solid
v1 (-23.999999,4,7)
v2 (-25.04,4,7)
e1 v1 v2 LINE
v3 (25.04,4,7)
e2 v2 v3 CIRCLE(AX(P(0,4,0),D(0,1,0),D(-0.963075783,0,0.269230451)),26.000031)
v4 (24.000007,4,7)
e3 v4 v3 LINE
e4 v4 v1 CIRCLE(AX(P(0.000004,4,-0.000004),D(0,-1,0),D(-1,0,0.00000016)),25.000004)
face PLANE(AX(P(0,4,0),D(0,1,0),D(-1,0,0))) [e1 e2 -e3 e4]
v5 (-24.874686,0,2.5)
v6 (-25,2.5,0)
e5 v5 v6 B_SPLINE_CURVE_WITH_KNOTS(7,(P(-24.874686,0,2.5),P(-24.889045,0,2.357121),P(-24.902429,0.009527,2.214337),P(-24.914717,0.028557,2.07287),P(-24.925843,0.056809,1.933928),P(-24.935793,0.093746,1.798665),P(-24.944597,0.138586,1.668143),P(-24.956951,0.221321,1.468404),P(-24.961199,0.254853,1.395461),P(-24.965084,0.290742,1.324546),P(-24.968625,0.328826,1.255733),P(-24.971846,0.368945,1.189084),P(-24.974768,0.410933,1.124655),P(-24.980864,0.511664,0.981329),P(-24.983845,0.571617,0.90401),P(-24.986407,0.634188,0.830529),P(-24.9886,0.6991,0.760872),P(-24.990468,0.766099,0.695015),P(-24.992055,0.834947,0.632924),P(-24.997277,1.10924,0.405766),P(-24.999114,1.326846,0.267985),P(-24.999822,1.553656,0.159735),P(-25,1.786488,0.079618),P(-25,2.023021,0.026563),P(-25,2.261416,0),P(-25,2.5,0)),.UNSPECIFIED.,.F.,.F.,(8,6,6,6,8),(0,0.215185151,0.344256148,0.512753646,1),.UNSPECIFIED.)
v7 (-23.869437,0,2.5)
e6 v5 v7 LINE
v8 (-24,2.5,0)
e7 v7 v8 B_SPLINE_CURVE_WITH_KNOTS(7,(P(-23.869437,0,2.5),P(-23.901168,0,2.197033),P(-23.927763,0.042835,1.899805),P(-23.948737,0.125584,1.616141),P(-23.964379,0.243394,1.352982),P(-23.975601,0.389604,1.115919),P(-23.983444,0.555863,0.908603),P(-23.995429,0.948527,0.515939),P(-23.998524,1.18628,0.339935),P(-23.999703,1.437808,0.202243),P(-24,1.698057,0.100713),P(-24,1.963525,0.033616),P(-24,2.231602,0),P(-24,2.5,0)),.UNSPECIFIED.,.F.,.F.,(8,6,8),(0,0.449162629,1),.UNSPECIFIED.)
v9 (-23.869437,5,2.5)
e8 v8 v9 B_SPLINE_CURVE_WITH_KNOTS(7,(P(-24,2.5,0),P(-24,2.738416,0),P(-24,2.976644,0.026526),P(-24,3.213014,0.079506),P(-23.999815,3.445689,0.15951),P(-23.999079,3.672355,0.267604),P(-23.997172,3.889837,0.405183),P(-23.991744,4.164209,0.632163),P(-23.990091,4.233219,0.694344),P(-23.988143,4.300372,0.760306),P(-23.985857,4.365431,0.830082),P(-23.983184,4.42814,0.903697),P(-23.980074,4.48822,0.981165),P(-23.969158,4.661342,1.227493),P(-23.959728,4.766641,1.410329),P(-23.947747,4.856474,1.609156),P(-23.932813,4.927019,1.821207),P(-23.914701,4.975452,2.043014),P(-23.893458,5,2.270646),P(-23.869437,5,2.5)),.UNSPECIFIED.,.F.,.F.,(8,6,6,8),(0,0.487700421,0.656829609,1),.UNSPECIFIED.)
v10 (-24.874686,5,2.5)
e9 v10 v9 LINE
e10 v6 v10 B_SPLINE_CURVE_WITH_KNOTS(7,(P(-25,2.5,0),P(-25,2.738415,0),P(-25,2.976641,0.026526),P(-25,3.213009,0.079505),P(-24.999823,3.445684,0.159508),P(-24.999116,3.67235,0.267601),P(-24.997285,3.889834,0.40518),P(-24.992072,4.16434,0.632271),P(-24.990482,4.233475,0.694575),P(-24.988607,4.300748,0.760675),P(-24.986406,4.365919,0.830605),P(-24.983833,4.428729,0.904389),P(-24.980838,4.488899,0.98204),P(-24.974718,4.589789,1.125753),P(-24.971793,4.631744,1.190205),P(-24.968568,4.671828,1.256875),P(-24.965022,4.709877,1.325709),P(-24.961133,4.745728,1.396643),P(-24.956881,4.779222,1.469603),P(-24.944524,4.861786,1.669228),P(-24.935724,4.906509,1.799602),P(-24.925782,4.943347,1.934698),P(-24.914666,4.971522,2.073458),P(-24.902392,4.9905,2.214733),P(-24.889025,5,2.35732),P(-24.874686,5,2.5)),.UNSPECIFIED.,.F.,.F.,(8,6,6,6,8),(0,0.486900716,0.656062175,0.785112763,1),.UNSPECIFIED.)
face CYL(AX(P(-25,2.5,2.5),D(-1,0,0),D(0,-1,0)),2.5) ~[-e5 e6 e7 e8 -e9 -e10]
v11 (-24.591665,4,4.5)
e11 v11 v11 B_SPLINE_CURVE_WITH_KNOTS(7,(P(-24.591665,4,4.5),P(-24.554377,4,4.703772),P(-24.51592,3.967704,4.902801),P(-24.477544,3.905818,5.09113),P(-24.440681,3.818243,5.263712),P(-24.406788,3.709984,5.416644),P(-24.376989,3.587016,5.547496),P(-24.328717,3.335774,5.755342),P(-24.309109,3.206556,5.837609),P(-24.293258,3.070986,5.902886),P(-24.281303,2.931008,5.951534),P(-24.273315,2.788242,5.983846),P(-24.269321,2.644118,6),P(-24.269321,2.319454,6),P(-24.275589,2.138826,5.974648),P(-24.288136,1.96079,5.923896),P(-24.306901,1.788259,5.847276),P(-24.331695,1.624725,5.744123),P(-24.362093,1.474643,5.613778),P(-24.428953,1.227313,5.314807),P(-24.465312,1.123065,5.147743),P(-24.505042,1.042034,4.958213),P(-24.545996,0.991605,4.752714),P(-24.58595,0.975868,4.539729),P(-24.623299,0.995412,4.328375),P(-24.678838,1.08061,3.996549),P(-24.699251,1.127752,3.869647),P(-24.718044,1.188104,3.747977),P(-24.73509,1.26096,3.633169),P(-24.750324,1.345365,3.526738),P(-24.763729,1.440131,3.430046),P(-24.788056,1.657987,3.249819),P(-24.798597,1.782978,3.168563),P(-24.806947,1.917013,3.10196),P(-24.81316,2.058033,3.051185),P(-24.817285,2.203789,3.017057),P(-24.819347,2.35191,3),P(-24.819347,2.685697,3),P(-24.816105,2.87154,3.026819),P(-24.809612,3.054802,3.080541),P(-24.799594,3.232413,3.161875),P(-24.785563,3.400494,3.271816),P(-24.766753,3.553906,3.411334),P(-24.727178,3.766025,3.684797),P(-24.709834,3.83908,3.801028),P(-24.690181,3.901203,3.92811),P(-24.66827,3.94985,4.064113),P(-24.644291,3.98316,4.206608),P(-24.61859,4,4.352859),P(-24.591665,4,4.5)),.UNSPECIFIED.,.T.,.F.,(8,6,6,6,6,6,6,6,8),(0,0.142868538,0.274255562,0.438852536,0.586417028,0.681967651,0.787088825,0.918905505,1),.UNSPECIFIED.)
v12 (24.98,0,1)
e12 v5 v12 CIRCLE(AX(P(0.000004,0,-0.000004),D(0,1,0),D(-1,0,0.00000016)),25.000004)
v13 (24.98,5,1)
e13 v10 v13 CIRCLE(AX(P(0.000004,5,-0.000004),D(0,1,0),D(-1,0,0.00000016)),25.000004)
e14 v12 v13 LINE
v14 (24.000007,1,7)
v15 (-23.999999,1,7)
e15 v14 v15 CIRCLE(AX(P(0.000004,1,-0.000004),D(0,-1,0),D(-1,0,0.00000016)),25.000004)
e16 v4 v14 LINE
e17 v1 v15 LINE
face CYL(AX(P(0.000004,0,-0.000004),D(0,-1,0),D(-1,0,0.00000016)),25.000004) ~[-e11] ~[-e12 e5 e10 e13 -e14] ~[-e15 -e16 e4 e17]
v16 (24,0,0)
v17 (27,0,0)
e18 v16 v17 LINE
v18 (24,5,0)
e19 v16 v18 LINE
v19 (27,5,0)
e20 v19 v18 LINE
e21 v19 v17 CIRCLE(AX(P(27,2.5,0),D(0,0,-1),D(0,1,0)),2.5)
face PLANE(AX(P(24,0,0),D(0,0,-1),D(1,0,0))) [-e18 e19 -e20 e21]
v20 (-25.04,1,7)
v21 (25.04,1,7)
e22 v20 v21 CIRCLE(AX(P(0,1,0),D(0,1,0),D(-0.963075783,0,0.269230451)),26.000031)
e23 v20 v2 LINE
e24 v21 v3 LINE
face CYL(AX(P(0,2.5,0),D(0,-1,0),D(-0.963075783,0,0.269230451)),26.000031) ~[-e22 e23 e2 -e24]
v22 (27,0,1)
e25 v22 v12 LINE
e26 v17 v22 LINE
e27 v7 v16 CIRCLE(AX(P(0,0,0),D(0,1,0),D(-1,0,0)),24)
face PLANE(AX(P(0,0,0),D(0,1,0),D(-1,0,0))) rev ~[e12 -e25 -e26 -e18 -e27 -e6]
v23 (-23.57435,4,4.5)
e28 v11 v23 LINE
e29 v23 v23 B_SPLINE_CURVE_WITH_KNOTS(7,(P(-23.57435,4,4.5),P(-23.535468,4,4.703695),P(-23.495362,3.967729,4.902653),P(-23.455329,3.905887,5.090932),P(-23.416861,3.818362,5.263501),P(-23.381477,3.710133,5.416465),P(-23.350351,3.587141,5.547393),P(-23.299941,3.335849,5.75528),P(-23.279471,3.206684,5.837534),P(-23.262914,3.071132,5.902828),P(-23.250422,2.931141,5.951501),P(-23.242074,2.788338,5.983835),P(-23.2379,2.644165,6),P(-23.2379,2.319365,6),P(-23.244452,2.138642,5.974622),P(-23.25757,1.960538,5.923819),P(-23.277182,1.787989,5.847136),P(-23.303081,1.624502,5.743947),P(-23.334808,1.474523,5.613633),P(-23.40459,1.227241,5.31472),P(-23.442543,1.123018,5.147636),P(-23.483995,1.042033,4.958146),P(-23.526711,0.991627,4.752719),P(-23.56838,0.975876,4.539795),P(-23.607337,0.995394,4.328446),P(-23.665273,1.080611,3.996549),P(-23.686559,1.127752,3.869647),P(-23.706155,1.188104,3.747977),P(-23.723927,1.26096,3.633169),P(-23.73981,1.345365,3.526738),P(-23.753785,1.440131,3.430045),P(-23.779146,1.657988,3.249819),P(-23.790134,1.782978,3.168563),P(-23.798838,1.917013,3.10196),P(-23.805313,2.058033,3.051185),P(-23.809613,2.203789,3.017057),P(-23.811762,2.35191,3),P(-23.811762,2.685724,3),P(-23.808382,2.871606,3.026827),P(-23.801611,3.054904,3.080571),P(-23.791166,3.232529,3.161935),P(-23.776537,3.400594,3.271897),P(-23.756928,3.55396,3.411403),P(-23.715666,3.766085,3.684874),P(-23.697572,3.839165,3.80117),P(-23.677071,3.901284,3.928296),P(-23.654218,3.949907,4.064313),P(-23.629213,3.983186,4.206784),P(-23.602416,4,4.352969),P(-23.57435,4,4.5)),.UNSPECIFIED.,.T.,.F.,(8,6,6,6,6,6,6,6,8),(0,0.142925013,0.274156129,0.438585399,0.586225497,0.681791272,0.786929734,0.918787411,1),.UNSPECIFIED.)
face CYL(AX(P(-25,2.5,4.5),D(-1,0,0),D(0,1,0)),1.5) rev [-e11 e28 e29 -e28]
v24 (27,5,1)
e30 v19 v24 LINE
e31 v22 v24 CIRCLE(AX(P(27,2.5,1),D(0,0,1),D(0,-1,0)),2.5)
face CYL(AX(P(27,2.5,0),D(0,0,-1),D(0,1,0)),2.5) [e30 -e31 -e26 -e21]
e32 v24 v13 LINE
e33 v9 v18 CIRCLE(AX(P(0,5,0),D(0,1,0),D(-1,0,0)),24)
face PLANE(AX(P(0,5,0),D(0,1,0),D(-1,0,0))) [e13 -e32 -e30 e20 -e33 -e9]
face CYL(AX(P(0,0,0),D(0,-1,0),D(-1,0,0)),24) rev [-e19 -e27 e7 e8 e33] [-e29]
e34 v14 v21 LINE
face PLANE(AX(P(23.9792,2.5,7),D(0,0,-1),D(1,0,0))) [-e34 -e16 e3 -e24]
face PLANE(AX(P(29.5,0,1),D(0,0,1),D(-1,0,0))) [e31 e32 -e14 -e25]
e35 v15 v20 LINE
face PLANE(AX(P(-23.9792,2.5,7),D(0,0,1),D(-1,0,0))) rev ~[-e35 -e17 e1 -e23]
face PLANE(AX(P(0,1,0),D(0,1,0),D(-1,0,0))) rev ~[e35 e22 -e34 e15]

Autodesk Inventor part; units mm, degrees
ref_plane "XY Plane" through (0, 0, 0) normal (0, 0, 1) x (1, 0, 0)
sketch "Sketch1" plane through (0, 0, 0) normal (0, 1, 0) x (-1, 0, 0)
  arc A0 (25, 0) -> (-24.98, 1) centre (0, 0) ccw
  arc A1 (24, 0) -> (-24, 0) centre (0, 0) ccw
  line L0 (25, 0) -> (24, 0)
  line L1 (-24, 0) -> (-25, 0)
  line L2 (-24, 0) -> (-29.5, 0)
  line L3 (-29.5, 0) -> (-29.5, 1)
  line L4 (-29.5, 1) -> (-24.98, 1)
  line L5 (-24, 1) -> (-24, 0)
extrude "Extrusion1" add sketch "Sketch1" along normal blind 5
sketch "Sketch2" plane through (29.5, 0, 0) normal (0, 0, -1) x (-1, 0, 0)
  line L0 (0, 0) -> (5.5, 0) projected
  arc A0 (2.5, 5) -> (2.5, 0) centre (2.5, 2.5) ccw
  line L1 (0, 0) -> (2.5, 0)
  line L2 (4.52, 0) -> (0, 0) projected
  line L3 (0, 0) -> (0, 2.5)
  line L4 (0, 0) -> (0, 5) projected
  line L5 (0, 2.5) -> (0, 5)
  line L6 (0, 5) -> (2.26, 5)
  line L7 (4.52, 5) -> (0, 5) projected
  line L8 (2.5, 5) -> (0, 5)
  line L9 (0, 2.5) -> (0, 5)
  line L10 (0, 2.5) -> (0, 0)
  line L11 (0, 0) -> (2.5, 0)
  arc A1 (0, 2.5) -> (2.5, 0) centre (2.5, 2.5) ccw
  arc A2 (2.5, 5) -> (0, 2.5) centre (2.5, 2.5) ccw
  point P0 (29.5, 0)
extrude "Extrusion2" cut sketch "Sketch2" against normal through all
ref_plane "Work Plane1" through (-25, 0, 0) normal (1, 0, 0) x (0, 1, 0)
sketch "Sketch3" plane through (-25, 0, 0) normal (1, 0, 0) x (0, 1, 0)
  line L0 (5, 0) -> (5, 25) construction
  line L1 (0, 0) -> (0, 2) construction
  line L2 (0, 0) -> (0, 25) construction
  line L3 (0, 0) -> (0, 2.5) construction
  arc A0 (0, 2.5) -> (5, 2.5) centre (2.5, 2.5) ccw
  line L4 (0, 0) -> (0, 2.5)
  line L5 (0, 0) -> (5, 0) projected
  line L6 (0, 0) -> (2.5, 0)
  line L7 (2.5, 0) -> (5, 0)
  line L8 (5, 0) -> (5, 2.5)
  arc A1 (0, 2.5) -> (2.5, 0) centre (2.5, 2.5) ccw
  arc A2 (2.5, 0) -> (5, 2.5) centre (2.5, 2.5) ccw
  point P0 (0, 1)
  point P1 (5, 1)
extrude "Extrusion3" cut sketch "Sketch3" along normal blind 3
sketch "Sketch4" plane through (-25, 0, 0) normal (1, 0, 0) x (0, 1, 0)
  line L0 (0, 0) -> (0, 4.5) construction
  line L1 (0, 24) -> (0, 0) construction
  line L2 (0, 4.5) -> (5, 4.5) construction
  line L3 (5, 24) -> (5, 0) construction
  circle A0 centre (2.5, 4.5) radius 1.5
  point P0 (0, 2.5)
  point P1 (5, 2.5)
  dimension "d15" = 4.5
  dimension "d16" = 3
extrude "Extrusion4" cut sketch "Sketch4" along normal blind 4
ref_plane "Work Plane2" through (0, 2.5, 0) normal (0, 1, 0) x (-1, 0, 0)
sketch "Sketch6" plane through (0, 2.5, 0) normal (0, 1, 0) x (-1, 0, 0)
  arc A0 (25.04, 7) -> (-25.04, 7) centre (0, 0) ccw
  line L0 (23.9792, 7) -> (25.04, 7)
  line L1 (-23.9792, 7) -> (-25.04, 7)
  arc A1 (23.9792, 7) -> (-23.9792, 7) centre (0, 0) ccw
  point P0 (0, 7)
  dimension "d22" = 52
  dimension "d23" = 7
extrude "Extrusion5" add sketch "Sketch6" along normal mid plane 3
properties part number "Metal icecream cutter"
